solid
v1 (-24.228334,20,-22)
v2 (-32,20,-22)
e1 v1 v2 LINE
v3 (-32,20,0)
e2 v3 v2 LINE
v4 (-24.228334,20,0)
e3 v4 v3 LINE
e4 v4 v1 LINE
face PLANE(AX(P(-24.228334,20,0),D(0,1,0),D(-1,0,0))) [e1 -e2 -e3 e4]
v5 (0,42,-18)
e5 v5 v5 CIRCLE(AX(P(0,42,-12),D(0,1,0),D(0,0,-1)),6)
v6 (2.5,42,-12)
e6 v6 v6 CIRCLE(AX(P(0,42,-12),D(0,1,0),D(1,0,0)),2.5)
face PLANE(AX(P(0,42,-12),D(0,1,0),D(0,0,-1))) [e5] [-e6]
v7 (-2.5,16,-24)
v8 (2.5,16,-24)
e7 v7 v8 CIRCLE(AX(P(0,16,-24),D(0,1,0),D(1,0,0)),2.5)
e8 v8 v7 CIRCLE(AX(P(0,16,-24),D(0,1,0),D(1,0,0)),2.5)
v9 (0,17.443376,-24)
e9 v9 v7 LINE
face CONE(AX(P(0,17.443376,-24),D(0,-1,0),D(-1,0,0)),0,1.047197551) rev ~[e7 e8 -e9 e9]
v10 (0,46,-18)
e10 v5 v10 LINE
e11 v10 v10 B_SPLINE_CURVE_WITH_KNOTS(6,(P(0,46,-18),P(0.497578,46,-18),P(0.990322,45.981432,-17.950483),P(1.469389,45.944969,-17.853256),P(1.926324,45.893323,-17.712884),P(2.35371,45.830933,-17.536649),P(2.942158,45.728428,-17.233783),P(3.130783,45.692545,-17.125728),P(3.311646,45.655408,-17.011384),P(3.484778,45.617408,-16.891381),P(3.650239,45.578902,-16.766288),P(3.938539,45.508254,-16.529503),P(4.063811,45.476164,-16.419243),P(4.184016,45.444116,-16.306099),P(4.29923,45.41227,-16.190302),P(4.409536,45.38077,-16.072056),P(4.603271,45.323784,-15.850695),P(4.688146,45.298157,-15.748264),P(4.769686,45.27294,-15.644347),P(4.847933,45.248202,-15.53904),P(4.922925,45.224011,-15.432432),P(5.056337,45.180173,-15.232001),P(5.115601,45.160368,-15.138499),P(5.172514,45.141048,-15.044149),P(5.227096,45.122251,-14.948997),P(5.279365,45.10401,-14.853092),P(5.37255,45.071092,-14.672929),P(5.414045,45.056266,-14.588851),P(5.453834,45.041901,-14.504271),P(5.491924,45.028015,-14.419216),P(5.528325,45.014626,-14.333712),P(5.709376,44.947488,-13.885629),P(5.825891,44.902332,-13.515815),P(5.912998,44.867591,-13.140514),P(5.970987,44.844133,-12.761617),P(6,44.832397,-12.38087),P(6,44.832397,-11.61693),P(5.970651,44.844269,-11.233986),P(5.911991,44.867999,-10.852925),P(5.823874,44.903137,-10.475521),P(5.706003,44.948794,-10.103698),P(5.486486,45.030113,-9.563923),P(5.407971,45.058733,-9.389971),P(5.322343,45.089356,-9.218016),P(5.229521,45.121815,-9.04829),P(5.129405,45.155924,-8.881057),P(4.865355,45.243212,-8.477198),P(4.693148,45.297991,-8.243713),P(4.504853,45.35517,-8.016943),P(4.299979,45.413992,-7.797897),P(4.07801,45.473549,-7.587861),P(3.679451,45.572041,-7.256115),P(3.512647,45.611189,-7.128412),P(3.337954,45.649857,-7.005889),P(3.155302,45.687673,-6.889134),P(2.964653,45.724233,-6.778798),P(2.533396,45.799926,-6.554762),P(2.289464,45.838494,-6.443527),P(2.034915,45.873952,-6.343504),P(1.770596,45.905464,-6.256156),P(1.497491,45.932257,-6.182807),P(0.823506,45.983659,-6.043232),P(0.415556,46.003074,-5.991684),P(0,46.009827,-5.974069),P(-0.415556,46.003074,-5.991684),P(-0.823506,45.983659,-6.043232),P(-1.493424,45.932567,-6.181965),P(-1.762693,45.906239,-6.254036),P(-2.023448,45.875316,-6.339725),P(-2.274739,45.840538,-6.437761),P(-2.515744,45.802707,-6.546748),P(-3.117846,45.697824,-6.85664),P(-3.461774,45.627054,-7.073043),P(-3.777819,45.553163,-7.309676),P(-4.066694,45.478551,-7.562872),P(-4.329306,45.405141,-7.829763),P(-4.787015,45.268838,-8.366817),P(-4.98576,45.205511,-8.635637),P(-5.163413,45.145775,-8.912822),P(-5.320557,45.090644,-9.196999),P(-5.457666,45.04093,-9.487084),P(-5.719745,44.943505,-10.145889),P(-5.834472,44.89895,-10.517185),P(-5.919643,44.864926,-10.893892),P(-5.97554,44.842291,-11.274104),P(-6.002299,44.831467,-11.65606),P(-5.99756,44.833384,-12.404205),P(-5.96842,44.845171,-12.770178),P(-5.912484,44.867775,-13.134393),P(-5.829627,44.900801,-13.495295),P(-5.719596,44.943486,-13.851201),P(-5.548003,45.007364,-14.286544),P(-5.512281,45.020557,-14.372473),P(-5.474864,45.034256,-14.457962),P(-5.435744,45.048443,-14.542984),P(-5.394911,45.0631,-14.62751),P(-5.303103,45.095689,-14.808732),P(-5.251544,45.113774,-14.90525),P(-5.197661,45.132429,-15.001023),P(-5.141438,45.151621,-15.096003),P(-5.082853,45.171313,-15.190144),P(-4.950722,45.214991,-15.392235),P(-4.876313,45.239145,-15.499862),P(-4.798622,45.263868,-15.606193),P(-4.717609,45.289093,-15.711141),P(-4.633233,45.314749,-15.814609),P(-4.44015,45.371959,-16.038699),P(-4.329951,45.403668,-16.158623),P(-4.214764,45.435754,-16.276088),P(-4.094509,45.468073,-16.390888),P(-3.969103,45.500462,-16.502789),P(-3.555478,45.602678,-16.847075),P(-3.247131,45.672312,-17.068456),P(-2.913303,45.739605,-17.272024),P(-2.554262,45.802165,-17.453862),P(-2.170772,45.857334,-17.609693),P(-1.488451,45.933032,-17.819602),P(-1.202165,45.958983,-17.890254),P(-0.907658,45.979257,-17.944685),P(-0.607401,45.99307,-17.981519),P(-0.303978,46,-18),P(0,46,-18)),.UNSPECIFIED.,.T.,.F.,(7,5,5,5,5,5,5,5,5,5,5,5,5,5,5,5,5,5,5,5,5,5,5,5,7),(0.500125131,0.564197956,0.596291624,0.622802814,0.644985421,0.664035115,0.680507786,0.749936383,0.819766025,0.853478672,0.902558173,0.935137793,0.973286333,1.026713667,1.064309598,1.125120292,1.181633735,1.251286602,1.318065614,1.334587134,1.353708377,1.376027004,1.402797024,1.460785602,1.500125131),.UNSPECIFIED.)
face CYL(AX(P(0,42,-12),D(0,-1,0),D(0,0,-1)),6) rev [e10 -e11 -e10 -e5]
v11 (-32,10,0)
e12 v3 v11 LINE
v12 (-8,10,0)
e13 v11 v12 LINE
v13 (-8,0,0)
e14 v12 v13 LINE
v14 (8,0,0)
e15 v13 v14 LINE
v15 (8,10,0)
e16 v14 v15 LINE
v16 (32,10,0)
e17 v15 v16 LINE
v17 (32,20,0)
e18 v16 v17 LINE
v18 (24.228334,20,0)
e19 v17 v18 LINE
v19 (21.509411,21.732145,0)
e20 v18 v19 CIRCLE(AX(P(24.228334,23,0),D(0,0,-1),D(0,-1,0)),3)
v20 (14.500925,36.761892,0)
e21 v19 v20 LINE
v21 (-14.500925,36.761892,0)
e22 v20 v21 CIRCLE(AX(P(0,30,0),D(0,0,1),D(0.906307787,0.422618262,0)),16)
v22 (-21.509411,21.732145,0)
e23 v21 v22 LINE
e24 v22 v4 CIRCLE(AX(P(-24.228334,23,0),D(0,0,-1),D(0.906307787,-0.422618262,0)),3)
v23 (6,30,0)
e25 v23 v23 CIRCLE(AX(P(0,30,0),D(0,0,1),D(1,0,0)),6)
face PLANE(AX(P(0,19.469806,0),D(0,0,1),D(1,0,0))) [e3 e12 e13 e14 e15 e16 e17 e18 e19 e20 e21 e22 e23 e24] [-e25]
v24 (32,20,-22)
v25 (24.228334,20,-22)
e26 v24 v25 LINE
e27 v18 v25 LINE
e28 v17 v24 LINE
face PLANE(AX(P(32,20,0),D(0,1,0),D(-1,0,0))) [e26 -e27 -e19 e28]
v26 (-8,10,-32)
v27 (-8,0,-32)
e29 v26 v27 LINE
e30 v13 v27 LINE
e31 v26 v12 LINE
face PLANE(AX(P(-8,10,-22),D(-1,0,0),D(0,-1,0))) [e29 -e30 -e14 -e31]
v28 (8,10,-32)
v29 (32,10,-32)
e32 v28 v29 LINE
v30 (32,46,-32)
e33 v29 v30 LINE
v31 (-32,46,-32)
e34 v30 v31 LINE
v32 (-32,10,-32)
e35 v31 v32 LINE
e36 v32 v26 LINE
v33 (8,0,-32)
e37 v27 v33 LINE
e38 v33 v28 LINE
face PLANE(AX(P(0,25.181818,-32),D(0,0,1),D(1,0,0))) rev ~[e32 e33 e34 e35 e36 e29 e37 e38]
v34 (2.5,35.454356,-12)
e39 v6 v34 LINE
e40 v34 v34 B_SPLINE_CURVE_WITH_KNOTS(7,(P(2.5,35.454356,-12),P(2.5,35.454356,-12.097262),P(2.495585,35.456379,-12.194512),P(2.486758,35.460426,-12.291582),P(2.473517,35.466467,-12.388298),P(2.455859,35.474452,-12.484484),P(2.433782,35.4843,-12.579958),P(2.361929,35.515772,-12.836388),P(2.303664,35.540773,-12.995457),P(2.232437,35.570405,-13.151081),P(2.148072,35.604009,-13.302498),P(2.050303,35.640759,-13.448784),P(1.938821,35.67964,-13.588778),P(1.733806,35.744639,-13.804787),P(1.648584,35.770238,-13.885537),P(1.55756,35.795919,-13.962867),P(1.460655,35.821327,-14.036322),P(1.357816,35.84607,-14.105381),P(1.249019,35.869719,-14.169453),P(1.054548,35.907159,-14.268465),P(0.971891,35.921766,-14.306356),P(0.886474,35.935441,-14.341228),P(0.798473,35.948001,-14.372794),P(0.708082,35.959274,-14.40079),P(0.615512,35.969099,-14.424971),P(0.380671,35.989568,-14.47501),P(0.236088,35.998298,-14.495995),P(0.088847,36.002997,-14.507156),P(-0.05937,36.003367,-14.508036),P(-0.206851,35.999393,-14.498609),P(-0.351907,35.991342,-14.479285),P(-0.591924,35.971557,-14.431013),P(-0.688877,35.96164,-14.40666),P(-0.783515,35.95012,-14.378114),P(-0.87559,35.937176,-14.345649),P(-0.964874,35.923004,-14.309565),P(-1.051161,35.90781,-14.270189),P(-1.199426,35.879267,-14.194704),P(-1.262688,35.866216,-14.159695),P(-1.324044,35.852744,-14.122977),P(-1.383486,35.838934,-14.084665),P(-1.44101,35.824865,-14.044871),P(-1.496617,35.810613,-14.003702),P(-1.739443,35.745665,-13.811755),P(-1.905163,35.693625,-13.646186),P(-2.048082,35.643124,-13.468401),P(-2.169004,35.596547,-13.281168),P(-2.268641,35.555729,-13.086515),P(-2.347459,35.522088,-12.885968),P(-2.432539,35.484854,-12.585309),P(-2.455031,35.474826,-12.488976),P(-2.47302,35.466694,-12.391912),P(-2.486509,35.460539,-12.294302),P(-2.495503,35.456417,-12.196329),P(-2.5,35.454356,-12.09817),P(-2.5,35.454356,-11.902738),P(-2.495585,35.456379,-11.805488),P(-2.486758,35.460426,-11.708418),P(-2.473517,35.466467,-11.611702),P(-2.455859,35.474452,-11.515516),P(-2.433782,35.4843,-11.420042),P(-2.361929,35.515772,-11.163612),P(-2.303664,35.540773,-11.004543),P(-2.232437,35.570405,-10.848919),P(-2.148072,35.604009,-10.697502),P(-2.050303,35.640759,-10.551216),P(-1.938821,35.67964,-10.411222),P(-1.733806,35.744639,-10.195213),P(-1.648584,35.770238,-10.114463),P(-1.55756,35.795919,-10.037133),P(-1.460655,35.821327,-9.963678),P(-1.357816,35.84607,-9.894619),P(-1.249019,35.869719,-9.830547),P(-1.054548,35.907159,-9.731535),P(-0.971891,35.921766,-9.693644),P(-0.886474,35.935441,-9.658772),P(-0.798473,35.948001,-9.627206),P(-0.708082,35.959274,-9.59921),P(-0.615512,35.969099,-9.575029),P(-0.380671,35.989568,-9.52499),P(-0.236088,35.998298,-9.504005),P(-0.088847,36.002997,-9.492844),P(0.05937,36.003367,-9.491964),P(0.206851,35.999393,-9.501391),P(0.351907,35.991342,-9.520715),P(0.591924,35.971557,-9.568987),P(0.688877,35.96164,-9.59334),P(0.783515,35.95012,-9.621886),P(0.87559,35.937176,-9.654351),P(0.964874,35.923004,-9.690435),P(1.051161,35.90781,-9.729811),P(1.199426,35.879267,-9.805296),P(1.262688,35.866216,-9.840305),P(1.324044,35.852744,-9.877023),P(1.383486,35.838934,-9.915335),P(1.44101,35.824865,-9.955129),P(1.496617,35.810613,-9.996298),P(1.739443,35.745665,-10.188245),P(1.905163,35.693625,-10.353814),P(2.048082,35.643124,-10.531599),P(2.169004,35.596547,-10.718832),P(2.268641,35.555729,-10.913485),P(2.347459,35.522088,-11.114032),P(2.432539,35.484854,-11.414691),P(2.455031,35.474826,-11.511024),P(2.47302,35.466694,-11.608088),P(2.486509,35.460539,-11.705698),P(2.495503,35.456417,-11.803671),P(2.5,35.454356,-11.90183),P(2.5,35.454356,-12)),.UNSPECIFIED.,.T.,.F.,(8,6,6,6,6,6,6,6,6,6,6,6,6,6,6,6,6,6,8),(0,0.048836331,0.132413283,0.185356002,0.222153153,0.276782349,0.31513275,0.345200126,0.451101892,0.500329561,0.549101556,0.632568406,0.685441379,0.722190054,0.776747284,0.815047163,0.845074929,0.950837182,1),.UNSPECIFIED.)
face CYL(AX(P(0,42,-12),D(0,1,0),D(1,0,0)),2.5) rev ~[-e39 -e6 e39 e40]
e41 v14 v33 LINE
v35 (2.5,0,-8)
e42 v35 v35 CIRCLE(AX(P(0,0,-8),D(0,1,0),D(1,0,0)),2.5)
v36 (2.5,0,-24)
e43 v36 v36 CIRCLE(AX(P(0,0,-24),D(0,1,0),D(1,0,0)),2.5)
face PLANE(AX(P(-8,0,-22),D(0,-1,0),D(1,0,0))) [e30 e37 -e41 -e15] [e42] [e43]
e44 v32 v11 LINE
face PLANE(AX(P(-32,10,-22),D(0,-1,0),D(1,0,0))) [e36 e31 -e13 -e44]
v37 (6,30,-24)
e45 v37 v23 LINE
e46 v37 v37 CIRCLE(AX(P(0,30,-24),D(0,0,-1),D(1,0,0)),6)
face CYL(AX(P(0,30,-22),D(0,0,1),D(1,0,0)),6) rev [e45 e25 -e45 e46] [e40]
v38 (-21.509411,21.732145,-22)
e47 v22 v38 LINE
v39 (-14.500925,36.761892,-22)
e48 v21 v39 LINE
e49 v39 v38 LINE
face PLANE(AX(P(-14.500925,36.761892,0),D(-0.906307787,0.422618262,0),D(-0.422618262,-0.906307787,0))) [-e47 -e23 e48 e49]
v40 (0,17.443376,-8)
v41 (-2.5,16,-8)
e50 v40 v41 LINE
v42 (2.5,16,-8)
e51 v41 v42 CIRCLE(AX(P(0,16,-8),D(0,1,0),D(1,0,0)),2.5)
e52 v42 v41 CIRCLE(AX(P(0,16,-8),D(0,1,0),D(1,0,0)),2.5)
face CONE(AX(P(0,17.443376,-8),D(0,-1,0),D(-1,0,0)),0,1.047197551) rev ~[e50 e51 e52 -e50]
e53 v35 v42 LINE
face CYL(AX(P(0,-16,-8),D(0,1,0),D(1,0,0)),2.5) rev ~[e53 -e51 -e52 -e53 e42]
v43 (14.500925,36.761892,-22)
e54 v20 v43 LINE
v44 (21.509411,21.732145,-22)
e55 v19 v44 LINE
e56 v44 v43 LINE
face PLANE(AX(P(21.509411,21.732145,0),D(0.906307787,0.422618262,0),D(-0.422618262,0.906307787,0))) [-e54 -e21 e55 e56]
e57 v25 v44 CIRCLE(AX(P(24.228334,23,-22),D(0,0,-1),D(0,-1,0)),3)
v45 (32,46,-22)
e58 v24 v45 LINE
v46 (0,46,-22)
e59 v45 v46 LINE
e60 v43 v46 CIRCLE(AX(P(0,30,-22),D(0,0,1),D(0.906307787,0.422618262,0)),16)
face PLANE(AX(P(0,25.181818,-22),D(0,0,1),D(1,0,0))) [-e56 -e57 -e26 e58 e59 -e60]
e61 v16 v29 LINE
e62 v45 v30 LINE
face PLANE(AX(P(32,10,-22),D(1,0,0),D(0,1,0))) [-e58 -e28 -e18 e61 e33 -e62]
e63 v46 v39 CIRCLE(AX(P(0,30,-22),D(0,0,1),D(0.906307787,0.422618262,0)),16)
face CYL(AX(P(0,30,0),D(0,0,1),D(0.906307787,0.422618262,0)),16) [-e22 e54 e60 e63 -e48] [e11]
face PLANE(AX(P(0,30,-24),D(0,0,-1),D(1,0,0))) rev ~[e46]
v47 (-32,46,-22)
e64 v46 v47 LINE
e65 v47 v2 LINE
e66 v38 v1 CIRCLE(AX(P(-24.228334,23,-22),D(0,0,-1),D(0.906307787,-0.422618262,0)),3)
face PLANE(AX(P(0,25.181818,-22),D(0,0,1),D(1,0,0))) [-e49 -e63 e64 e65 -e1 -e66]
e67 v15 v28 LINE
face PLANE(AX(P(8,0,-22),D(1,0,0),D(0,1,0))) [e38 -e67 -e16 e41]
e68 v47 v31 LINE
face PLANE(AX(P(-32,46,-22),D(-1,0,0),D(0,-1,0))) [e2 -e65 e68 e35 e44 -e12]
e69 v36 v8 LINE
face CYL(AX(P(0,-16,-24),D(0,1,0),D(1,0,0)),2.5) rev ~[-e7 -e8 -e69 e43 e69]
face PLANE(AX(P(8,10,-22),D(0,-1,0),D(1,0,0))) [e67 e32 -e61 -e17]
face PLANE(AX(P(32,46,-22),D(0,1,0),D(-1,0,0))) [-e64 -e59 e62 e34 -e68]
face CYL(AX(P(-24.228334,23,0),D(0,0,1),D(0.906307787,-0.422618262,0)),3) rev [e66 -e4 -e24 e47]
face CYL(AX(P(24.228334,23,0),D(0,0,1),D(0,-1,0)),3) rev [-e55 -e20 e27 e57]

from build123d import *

# Parameters (mm, degrees)
SKETCH1_R                  = 6
BOSS_EXTRUDE1_DEPTH        = 22
SKETCH2_R                  = 6
BOSS_EXTRUDE2_DEPTH        = 10
BOSS_EXTRUDE3_START        = -8
SKETCH3_R                  = 6
BOSS_EXTRUDE3_DEPTH        = 8
M6X1_0_TAPPED_HOLE1_D      = 5
M6X1_0_TAPPED_HOLE1_DEPTH  = 16
M6X1_0_TAPPED_HOLE1_TIP    = 1.443375673
SKETCH6_R                  = 6
CUT_EXTRUDE1_DEPTH         = 4
M6X1_0_TAPPED_HOLE2_REACH  = 63.741
M6X1_0_TAPPED_HOLE2_BORE_R = 2.5


with BuildPart() as part:
    # Sketch1 → Boss-Extrude1 (new body)
    with BuildSketch(Plane.XY):
        with BuildLine():
            Line((-8, 0), (8, 0))
            Line((8, 0), (8, 10))
            Line((8, 10), (32, 10))
            Line((32, 10), (32, 20))
            Line((32, 20), (24.228334067, 20))
            ThreePointArc((24.228334067, 20), (22.616435242, 20.469825663), (21.509410706, 21.732145215))
            Line((21.509410706, 21.732145215), (14.500924593, 36.761892188))
            ThreePointArc((14.500924593, 36.761892188), (0, 46), (-14.500924593, 36.761892188))
            Line((-14.500924593, 36.761892188), (-21.509410706, 21.732145215))
            ThreePointArc((-21.509410706, 21.732145215), (-22.616435242, 20.469825663), (-24.228334067, 20))
            Line((-24.228334067, 20), (-32, 20))
            Line((-32, 20), (-32, 10))
            Line((-32, 10), (-8, 10))
            Line((-8, 10), (-8, 0))
        make_face()
        with Locations((0, 30)):
            Circle(SKETCH1_R, mode=Mode.SUBTRACT)
    extrude(amount=-BOSS_EXTRUDE1_DEPTH)

    # Sketch2 → Boss-Extrude2 (add)
    with BuildSketch(Plane(origin=(0, 0, -22), x_dir=(-1, 0, 0), z_dir=(0, 0, -1))):
        Polygon((-32, 10), (-32, 46), (32, 46), (32, 10), (8, 10), (8, 0), (-8, 0), (-8, 10), align=None)
        with Locations(Location((0, 30, 0), (0, 0, 180))):
            Circle(SKETCH2_R, mode=Mode.SUBTRACT)
    extrude(amount=BOSS_EXTRUDE2_DEPTH)

    # Sketch3 → Boss-Extrude3 (add)
    with BuildSketch(Plane(origin=(0, 0, -32), x_dir=(-1, 0, 0), z_dir=(0, 0, -1)).offset(BOSS_EXTRUDE3_START)):
        with Locations(Location((0, 30, 0), (0, 0, 180))):
            Circle(SKETCH3_R)
    extrude(amount=BOSS_EXTRUDE3_DEPTH)

    # M6x1.0 Tapped Hole1
    with Locations(Plane(origin=(0, 0, 0), x_dir=(-1, 0, 0), z_dir=(0, -1, 0))):
        with Locations((0, 8), (0, 24)):
            Hole(M6X1_0_TAPPED_HOLE1_D / 2, depth=M6X1_0_TAPPED_HOLE1_DEPTH)
            with Locations((0, 0, -(M6X1_0_TAPPED_HOLE1_DEPTH + M6X1_0_TAPPED_HOLE1_TIP / 2))):  # 120° drill point
                Cone(0, M6X1_0_TAPPED_HOLE1_D / 2, M6X1_0_TAPPED_HOLE1_TIP, mode=Mode.SUBTRACT)

    # Sketch6 → Cut-Extrude1 (cut)
    with BuildSketch(Plane(origin=(0, 42, 0), x_dir=(1, 0, 0), z_dir=(0, 1, 0))):
        with Locations(Location((0, 12, 0), (0, 0, 90))):
            Circle(SKETCH6_R)
    extrude(amount=CUT_EXTRUDE1_DEPTH, mode=Mode.SUBTRACT)

    # M6x1.0 Tapped Hole2 bore → M6x1.0 Tapped Hole2 (cut, up to next)
    with BuildSketch(Plane(origin=(0, 42, 0), x_dir=(1, 0, 0), z_dir=(0, 1, 0)), mode=Mode.PRIVATE) as m6x1_0_tapped_hole2_sk1:
        with Locations((0, 12)):
            Circle(M6X1_0_TAPPED_HOLE2_BORE_R)
    m6x1_0_tapped_hole2_tool1 = extrude(m6x1_0_tapped_hole2_sk1.sketch, amount=-M6X1_0_TAPPED_HOLE2_REACH, mode=Mode.PRIVATE) & part.part
    add(m6x1_0_tapped_hole2_tool1.solids().sort_by_distance((0, 42, -12))[0], mode=Mode.SUBTRACT)


solid = part.part
